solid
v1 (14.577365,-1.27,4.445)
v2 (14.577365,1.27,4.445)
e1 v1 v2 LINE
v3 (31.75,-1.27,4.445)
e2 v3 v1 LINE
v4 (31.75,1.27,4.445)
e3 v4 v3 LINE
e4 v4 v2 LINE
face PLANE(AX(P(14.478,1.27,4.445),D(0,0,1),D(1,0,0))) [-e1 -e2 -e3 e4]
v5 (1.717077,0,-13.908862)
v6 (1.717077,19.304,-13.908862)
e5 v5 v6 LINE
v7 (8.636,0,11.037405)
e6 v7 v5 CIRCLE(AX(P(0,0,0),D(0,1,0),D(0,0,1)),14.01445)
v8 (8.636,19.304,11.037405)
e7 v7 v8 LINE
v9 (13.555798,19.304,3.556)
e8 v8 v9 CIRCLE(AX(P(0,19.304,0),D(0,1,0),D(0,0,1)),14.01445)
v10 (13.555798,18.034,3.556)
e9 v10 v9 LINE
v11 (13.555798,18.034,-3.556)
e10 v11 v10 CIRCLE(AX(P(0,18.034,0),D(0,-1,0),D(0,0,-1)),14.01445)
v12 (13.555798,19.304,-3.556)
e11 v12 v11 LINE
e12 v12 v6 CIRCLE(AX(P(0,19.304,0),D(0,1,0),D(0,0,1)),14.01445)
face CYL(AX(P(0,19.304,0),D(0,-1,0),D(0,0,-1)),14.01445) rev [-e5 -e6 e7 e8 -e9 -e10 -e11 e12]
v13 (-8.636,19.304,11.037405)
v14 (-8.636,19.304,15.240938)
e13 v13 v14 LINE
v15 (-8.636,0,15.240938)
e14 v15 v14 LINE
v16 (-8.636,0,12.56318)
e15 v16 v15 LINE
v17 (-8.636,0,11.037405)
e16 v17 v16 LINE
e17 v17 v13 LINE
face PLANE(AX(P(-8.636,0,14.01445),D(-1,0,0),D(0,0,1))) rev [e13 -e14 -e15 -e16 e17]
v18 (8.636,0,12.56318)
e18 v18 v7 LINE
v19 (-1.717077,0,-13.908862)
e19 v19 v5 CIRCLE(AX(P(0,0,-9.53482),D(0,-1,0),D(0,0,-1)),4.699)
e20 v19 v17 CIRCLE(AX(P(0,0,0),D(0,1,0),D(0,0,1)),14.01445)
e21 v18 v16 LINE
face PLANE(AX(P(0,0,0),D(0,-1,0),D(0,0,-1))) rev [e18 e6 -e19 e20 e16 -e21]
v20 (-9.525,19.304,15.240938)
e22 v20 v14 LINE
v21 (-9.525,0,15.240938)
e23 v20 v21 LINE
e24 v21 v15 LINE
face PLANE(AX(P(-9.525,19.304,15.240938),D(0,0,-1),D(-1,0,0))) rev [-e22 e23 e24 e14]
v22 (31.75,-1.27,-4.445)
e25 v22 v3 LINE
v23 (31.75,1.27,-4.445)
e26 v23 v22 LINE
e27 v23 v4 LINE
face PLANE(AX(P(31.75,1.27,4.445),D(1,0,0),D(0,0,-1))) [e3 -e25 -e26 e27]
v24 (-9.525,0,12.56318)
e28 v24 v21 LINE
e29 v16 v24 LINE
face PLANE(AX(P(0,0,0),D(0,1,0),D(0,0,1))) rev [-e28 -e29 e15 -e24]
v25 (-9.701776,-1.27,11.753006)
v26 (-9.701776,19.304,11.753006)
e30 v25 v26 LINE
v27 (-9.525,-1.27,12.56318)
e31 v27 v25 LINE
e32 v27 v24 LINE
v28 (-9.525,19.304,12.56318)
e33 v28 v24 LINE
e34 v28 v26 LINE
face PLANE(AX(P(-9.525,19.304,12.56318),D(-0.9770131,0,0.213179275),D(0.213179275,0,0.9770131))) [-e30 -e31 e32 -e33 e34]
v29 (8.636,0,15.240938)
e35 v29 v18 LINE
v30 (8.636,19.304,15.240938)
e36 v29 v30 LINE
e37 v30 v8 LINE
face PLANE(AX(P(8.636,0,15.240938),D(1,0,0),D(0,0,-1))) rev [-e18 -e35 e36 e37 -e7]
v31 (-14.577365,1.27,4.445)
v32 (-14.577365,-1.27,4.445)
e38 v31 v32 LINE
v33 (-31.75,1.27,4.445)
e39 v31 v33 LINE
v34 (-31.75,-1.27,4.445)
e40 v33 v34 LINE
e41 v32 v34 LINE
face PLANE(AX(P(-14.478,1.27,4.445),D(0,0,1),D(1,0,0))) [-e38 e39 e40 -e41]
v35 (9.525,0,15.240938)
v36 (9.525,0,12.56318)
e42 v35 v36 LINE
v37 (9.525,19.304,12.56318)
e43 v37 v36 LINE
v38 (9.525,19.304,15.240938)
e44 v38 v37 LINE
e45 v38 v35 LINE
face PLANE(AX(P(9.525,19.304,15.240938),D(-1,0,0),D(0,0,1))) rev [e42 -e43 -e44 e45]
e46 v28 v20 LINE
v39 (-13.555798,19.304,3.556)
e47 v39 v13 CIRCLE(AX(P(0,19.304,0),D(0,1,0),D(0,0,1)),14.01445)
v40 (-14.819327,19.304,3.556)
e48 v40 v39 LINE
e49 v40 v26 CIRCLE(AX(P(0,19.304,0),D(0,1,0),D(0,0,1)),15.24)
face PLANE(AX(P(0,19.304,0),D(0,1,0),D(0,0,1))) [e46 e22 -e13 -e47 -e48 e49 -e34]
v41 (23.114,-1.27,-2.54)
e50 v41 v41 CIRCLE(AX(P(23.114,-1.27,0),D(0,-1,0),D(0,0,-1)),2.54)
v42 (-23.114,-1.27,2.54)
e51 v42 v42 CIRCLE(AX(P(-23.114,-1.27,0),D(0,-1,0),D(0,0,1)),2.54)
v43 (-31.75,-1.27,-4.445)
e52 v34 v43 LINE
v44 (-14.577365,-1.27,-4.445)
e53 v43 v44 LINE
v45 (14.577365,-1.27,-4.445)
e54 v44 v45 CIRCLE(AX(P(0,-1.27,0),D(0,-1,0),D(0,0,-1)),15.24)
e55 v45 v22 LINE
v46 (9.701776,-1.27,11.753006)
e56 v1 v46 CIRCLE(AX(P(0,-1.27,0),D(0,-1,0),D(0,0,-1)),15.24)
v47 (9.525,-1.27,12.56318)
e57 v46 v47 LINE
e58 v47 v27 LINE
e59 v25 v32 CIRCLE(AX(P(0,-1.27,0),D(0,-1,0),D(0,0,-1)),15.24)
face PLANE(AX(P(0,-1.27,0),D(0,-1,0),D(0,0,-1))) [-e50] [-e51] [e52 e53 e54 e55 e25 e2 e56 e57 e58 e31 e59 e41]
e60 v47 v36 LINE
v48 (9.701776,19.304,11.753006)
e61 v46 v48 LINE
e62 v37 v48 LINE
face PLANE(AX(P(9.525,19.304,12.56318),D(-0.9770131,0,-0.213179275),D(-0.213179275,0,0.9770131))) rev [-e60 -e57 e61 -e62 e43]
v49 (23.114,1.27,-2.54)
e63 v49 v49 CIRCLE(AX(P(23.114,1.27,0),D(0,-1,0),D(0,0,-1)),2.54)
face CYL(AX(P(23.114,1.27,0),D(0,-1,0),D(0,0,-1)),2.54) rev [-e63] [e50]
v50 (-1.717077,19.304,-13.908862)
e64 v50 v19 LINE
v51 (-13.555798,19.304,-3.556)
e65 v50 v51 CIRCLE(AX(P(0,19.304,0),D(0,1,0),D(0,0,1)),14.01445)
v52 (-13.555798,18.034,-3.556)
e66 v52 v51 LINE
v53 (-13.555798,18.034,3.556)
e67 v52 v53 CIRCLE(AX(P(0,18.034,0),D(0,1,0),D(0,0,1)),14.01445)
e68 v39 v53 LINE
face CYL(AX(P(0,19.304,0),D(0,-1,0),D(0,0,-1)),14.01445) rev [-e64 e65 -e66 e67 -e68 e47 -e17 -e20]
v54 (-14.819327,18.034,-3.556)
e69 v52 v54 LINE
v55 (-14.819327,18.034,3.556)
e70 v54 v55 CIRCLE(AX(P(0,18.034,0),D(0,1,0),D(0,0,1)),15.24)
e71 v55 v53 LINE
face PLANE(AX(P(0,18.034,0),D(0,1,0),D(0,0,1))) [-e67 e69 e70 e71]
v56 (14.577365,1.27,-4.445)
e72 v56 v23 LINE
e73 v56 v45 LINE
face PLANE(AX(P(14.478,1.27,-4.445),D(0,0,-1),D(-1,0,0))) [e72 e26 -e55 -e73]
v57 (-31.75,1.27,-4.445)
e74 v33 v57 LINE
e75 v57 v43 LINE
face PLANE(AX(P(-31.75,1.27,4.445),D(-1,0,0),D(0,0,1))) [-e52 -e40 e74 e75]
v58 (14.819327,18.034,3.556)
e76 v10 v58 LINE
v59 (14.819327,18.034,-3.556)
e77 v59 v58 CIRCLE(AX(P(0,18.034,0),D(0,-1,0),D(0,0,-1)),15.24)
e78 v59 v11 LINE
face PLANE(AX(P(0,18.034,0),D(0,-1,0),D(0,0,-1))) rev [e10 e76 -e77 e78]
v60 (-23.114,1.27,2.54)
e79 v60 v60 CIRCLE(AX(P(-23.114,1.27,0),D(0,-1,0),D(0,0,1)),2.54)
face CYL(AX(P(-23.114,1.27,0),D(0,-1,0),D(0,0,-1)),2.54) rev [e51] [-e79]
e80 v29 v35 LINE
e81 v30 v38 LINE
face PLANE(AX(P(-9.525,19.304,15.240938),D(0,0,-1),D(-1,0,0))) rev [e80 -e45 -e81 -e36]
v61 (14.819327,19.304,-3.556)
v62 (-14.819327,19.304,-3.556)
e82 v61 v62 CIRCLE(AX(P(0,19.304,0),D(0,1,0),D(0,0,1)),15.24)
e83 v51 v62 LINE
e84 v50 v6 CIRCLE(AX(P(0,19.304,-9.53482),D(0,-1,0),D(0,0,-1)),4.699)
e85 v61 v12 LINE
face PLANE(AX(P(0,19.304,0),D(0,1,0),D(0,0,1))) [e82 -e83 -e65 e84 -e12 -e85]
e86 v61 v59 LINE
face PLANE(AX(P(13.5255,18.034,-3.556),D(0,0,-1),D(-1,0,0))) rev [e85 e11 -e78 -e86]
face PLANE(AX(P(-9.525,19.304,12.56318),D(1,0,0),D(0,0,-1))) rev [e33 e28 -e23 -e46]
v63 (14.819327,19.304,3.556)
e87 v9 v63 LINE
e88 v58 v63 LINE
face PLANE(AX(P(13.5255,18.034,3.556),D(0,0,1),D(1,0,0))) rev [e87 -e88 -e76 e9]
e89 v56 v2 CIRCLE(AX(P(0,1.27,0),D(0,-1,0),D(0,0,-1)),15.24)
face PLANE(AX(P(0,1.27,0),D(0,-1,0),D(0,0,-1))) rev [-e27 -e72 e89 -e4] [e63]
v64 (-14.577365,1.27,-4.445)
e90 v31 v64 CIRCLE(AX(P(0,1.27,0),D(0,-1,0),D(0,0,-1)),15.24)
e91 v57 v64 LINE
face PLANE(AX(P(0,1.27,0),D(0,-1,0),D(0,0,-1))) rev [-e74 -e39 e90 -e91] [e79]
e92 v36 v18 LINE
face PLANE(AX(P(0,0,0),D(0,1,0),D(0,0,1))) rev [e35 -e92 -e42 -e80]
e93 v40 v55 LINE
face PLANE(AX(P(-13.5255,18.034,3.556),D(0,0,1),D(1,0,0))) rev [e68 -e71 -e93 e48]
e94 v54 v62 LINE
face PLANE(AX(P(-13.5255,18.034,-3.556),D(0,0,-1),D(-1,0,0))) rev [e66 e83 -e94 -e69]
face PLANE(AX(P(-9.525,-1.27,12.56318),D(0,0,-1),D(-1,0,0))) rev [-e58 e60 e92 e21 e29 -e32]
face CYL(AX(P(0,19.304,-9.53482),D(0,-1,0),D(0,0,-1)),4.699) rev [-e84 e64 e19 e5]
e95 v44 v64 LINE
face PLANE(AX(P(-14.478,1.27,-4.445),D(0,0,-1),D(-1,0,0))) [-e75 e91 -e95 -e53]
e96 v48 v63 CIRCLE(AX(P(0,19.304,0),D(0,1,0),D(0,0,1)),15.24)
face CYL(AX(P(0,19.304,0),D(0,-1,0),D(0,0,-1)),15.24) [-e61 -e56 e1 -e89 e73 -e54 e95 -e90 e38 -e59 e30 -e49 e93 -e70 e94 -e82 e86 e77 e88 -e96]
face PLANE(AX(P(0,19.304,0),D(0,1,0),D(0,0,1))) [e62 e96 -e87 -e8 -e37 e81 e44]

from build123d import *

# Parameters (mm, degrees)
SKETCH1_R           = 15.24
SKETCH1_R_2         = 14.01445
BOSS_EXTRUDE1_DEPTH = 19.304
SKETCH2_R           = 14.01445
CUT_EXTRUDE1_DEPTH  = 29.934204707
CUT_EXTRUDE2_DEPTH  = 29.934204707
BOSS_EXTRUDE2_START = 1.27
BOSS_EXTRUDE2_DEPTH = 1.27
SKETCH6_R           = 4.699
CUT_EXTRUDE3_DEPTH  = 29.934204707
SKETCH8_W           = 17.272
SKETCH8_H           = 8.89
SKETCH8_R           = 2.54
BOSS_EXTRUDE3_DEPTH = 2.54
SKETCH9_W           = 2.159
SKETCH9_H           = 7.112
CUT_EXTRUDE4_DEPTH  = 1.27


with BuildPart() as part:
    # Sketch1 → Boss-Extrude1 (new body)
    # profile 1 of 2: a face of its own
    with BuildSketch(Plane(origin=(0, 0, 0), x_dir=(1, 0, 0), z_dir=(0, 1, 0))):
        Circle(SKETCH1_R)
        Circle(SKETCH1_R_2, mode=Mode.SUBTRACT)
    # profile 2 of 2: a face of its own
    with BuildSketch(Plane(origin=(0, 0, 0), x_dir=(1, 0, 0), z_dir=(0, 1, 0))):
        Polygon((-9.525, -12.563180017), (-10.16, -9.652937833), (10.16, -9.652937833), (9.525, -12.563180017), (9.525, -15.240937833), (-9.525, -15.240937833), align=None)
    extrude(amount=BOSS_EXTRUDE1_DEPTH)

    # Sketch2 → Cut-Extrude1 (cut, through all)
    with BuildSketch(Plane(origin=(0, 19.304, 0), x_dir=(1, 0, 0), z_dir=(0, 1, 0))):
        Circle(SKETCH2_R)
    extrude(amount=-CUT_EXTRUDE1_DEPTH, mode=Mode.SUBTRACT)

    # Sketch3 → Cut-Extrude2 (cut, through all)
    with BuildSketch(Plane(origin=(0, 19.304, 0), x_dir=(1, 0, 0), z_dir=(0, 1, 0))):
        with BuildLine():
            Line((-8.636, -14.01445), (-8.636, -15.240937833))
            Line((-8.636, -15.240937833), (8.636, -15.240937833))
            Line((8.636, -15.240937833), (8.636, -14.01445))
            Line((8.636, -14.01445), (8.636, -11.037405166))
            ThreePointArc((8.636, -11.037405166), (0, -14.01445), (-8.636, -11.037405166))
            Line((-8.636, -11.037405166), (-8.636, -14.01445))
        make_face()
    extrude(amount=-CUT_EXTRUDE2_DEPTH, mode=Mode.SUBTRACT)

    # Sketch4 → Boss-Extrude2 (add)
    with BuildSketch(Plane.XZ.offset(BOSS_EXTRUDE2_START)):
        with BuildLine():
            Line((9.525, 12.563180017), (9.701775888, 11.753005769))
            ThreePointArc((9.701775888, 11.753005769), (0, -15.24), (-9.701775888, 11.753005769))
            Line((-9.701775888, 11.753005769), (-9.525, 12.563180017))
            Line((-9.525, 12.563180017), (9.525, 12.563180017))
        make_face()
    extrude(amount=-BOSS_EXTRUDE2_DEPTH)

    # Sketch6 → Cut-Extrude3 (cut, through all)
    with BuildSketch(Plane.XZ):
        with Locations((0, -9.534819983)):
            Circle(SKETCH6_R)
    extrude(amount=-CUT_EXTRUDE3_DEPTH, mode=Mode.SUBTRACT)

    # Sketch8 → Boss-Extrude3 (add)
    # profile 1 of 2: a face of its own
    with BuildSketch(Plane.XZ.offset(1.27)):
        with Locations((23.114, 0)):
            Rectangle(SKETCH8_W, SKETCH8_H)
        with Locations((23.114, 0)):
            Circle(SKETCH8_R, mode=Mode.SUBTRACT)
    # profile 2 of 2: a face of its own
    with BuildSketch(Plane.XZ.offset(1.27)):
        with Locations((-23.114, 0)):
            Rectangle(SKETCH8_W, SKETCH8_H)
        with Locations((-23.114, 0)):
            Circle(SKETCH8_R, mode=Mode.SUBTRACT)
    extrude(amount=-BOSS_EXTRUDE3_DEPTH)

    # Sketch9 → Cut-Extrude4 (cut)
    with BuildSketch(Plane(origin=(0, 19.304, 0), x_dir=(1, 0, 0), z_dir=(0, 1, 0))):
        with Locations((14.605, 0)):
            Rectangle(SKETCH9_W, SKETCH9_H)
        with Locations((-14.605, 0)):
            Rectangle(SKETCH9_W, SKETCH9_H)
    extrude(amount=-CUT_EXTRUDE4_DEPTH, mode=Mode.SUBTRACT)


solid = part.part
